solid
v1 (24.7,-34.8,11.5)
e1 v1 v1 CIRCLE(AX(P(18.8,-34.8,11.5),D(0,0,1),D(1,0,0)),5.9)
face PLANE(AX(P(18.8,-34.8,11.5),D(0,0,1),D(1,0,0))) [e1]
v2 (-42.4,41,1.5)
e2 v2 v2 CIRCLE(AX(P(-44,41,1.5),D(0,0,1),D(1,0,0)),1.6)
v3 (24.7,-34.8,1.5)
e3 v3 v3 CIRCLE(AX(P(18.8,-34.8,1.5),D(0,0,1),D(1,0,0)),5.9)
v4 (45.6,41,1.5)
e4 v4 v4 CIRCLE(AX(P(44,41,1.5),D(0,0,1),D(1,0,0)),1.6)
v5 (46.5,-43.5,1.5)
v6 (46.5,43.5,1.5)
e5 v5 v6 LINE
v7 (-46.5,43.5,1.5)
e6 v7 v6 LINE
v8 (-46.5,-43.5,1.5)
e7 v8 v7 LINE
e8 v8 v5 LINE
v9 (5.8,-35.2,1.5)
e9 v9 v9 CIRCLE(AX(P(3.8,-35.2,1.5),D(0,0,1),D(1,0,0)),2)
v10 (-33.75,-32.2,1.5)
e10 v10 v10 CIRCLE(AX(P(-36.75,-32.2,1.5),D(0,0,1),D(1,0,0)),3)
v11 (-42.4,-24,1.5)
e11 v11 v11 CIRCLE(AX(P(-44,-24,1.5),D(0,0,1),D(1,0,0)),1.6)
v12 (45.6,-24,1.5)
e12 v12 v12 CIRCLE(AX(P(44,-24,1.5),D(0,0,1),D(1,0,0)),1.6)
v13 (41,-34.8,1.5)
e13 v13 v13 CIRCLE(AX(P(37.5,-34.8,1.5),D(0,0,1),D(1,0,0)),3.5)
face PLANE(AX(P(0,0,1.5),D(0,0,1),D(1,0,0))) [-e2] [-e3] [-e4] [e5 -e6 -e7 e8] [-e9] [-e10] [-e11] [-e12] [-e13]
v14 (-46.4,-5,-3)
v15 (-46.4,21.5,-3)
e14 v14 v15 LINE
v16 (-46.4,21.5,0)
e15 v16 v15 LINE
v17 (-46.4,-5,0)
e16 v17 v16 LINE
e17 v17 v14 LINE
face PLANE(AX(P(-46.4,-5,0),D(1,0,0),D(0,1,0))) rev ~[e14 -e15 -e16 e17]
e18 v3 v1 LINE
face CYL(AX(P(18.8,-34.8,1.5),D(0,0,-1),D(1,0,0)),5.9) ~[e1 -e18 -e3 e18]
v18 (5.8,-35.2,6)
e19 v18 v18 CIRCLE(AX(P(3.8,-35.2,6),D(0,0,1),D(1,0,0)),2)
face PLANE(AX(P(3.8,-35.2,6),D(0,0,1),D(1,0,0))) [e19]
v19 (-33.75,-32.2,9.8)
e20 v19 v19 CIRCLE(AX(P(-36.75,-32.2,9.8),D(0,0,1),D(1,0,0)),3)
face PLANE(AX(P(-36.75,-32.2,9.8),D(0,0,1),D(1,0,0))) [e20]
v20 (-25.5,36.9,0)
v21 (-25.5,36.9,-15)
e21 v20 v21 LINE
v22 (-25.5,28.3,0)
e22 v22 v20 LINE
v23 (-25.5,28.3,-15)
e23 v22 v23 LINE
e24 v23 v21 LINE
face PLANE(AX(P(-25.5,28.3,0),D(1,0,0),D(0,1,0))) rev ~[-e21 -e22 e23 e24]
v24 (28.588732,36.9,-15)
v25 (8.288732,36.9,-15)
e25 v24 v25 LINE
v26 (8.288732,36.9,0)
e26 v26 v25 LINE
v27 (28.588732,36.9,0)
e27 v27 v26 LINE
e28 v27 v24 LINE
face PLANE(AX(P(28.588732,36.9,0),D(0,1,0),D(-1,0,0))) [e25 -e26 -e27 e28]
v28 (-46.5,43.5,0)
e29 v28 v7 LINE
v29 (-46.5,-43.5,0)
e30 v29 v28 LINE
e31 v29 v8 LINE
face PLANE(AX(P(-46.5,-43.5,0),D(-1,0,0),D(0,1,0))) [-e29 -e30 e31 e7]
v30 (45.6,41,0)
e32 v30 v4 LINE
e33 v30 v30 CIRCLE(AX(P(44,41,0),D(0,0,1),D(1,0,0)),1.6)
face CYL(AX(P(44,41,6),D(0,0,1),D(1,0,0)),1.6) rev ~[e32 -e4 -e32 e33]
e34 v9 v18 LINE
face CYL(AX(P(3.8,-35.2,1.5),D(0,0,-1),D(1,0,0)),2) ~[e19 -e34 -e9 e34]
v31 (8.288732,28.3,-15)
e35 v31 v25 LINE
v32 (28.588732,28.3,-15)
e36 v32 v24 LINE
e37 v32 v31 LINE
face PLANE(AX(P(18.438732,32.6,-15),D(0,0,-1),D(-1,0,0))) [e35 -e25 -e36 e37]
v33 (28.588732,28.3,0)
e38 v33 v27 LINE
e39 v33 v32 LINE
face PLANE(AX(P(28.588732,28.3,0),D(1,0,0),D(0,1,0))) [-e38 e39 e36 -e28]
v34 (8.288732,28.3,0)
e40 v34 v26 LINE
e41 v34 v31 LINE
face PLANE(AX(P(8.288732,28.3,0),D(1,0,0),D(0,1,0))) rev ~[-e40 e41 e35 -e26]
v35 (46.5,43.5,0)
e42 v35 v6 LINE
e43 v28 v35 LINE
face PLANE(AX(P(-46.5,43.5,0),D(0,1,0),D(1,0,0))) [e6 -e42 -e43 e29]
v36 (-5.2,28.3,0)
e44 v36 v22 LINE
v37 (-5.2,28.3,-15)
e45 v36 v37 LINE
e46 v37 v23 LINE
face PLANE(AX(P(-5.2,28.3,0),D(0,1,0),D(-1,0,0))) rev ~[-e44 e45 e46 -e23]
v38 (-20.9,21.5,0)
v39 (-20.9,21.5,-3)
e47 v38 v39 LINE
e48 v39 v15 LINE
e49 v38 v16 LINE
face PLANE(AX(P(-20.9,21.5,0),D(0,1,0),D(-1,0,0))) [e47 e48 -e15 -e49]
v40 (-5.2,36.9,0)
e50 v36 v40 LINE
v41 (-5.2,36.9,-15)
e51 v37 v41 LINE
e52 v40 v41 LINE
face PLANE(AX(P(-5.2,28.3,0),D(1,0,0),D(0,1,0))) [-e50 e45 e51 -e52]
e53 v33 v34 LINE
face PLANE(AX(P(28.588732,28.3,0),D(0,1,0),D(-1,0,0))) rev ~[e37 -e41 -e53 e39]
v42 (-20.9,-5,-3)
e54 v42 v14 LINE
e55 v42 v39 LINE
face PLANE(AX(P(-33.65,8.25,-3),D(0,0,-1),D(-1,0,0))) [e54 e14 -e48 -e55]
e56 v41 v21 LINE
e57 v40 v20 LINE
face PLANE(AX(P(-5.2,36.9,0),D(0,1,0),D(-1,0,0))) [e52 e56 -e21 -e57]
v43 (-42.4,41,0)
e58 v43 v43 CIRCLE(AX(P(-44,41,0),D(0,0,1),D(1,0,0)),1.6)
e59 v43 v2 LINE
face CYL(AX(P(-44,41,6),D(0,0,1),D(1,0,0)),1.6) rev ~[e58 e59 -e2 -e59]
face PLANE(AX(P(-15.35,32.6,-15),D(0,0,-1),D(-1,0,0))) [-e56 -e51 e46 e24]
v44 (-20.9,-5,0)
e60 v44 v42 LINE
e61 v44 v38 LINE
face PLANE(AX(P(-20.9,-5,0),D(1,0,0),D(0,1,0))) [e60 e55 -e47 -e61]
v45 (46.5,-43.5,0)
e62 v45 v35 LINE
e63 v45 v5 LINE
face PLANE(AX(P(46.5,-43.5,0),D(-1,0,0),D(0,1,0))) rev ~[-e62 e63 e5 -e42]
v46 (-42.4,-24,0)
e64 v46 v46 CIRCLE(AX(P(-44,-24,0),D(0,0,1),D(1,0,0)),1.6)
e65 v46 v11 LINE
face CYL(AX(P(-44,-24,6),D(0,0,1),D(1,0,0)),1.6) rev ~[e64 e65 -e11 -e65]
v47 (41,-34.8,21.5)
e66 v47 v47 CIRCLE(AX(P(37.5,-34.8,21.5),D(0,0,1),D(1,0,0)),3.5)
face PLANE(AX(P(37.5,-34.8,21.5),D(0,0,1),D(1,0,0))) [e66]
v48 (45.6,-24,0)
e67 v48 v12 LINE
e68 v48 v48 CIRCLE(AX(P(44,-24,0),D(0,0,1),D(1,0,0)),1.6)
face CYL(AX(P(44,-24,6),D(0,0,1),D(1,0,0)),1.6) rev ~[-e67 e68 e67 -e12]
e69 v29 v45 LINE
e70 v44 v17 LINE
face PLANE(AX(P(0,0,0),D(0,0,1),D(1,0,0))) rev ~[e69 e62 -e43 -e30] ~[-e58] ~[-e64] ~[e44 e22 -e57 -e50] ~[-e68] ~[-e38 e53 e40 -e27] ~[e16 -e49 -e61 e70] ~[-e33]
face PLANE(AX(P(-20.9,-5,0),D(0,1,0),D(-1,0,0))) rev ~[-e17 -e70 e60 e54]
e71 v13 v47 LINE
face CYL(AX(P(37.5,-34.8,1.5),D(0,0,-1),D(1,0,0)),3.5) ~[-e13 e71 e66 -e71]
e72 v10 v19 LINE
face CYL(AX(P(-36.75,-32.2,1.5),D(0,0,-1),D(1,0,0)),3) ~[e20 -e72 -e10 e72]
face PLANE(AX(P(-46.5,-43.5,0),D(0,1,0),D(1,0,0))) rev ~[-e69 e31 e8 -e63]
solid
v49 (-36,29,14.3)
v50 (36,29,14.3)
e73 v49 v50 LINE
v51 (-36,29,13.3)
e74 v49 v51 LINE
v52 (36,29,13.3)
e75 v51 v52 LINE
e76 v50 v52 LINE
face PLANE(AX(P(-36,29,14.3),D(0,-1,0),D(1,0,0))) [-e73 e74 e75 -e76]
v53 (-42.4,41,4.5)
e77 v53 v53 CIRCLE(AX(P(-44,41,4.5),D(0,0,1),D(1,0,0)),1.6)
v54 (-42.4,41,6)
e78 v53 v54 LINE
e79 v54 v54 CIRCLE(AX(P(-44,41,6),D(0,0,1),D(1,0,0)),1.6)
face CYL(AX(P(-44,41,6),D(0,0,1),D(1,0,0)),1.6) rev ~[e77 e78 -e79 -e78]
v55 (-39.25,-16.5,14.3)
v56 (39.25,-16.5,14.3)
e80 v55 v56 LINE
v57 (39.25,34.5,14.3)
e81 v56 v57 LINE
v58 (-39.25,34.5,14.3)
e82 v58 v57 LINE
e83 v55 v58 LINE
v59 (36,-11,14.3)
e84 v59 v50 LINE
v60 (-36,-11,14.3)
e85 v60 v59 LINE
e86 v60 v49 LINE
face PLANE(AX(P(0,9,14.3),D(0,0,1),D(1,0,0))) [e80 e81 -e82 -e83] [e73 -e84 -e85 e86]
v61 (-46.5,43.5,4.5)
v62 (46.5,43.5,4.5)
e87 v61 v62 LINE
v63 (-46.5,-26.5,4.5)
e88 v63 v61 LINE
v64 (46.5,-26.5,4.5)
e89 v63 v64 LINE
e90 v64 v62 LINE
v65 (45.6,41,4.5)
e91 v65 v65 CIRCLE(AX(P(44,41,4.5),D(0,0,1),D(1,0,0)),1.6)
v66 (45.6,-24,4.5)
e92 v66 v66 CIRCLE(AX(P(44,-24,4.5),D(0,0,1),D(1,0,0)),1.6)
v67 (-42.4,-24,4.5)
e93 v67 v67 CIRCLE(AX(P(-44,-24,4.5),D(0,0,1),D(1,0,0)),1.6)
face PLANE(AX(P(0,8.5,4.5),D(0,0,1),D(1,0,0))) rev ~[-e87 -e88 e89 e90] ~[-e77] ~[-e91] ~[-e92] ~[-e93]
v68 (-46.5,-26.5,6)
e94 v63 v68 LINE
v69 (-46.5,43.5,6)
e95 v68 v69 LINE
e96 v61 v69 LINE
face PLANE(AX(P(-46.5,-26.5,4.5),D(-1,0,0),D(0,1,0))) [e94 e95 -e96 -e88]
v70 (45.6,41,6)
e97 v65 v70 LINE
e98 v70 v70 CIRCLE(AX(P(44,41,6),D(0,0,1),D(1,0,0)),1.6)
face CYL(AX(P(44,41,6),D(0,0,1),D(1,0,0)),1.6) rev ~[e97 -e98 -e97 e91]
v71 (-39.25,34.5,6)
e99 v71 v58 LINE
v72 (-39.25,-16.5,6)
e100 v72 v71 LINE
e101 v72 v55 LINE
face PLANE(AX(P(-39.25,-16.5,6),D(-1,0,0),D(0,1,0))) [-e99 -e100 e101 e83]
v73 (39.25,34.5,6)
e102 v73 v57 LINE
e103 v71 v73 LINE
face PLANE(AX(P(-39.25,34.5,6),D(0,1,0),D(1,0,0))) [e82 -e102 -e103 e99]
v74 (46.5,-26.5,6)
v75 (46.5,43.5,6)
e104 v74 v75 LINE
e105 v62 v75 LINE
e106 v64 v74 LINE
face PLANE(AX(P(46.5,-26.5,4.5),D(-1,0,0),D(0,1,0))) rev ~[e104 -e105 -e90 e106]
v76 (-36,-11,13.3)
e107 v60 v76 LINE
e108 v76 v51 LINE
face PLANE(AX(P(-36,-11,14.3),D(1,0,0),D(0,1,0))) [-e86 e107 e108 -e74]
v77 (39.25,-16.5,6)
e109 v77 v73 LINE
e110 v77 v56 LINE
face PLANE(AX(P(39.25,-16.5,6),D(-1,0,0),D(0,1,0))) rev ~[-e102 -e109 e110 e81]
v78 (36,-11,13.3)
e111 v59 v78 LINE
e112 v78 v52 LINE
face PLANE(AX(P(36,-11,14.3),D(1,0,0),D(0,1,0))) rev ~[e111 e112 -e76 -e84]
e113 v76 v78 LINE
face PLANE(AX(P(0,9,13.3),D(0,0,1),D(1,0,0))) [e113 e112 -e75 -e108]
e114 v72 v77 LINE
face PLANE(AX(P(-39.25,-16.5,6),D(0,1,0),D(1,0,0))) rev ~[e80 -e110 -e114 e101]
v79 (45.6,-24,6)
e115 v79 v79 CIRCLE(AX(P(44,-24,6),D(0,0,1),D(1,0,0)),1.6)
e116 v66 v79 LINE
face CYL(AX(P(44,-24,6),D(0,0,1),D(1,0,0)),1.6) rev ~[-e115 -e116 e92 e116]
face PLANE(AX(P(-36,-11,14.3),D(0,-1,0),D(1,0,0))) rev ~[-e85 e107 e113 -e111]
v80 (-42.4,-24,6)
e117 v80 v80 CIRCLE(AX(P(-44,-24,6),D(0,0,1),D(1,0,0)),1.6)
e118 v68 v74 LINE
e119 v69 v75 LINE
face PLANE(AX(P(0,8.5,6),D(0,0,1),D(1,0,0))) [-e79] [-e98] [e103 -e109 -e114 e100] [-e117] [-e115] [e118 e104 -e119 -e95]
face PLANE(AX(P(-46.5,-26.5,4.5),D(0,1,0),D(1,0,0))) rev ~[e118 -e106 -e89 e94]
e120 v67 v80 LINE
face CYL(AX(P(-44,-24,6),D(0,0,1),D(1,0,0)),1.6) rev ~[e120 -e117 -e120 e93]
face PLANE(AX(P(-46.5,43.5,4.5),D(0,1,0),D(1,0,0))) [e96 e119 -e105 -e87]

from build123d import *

# Parameters (mm, degrees)
ESBO_O1_W                  = 93
ESBO_O1_H                  = 87
RESSALTO_EXTRUS_O1_DEPTH   = 1.5
RESSALTO_EXTRUS_O2_START   = 3
ESBO_O3_W                  = 93
ESBO_O3_H                  = 70
RESSALTO_EXTRUS_O2_DEPTH   = 1.5
ESBO_O4_W                  = 78.5
ESBO_O4_H                  = 51
RESSALTO_EXTRUS_O3_DEPTH   = 8.3
ESBO_O5_W                  = 72
ESBO_O5_H                  = 40
CORTE_EXTRUS_O1_DEPTH      = 1
ESBO_O6_R                  = 3.5
RESSALTO_EXTRUS_O4_DEPTH   = 20
ESBO_O7_R                  = 2
RESSALTO_EXTRUS_O5_DEPTH   = 4.5
ESBO_O8_R                  = 5.9
RESSALTO_EXTRUS_O6_DEPTH   = 10
ESBO_O9_R                  = 3
RESSALTO_EXTRUS_O7_DEPTH   = 8.3
ESBO_O10_R                 = 1.6
CORTE_EXTRUS_O2_DEPTH      = 16.5
CORTE_EXTRUS_O2_DEPTH_BACK = 7
ESBO_O11_W                 = 20.3
ESBO_O11_H                 = 8.6
RESSALTO_EXTRUS_O8_DEPTH   = 15
ESBO_O12_W                 = 25.5
ESBO_O12_H                 = 26.5
RESSALTO_EXTRUS_O9_DEPTH   = 3


with BuildPart() as part:
    # Esboço1 → Ressalto-extrusão1 (new body)
    with BuildSketch(Plane.XY):
        Rectangle(ESBO_O1_W, ESBO_O1_H)
    extrude(amount=RESSALTO_EXTRUS_O1_DEPTH)

    # Esboço6 → Ressalto-extrusão4 (add)
    with BuildSketch(Plane.XY.offset(1.5)):
        with Locations((37.5, -34.8)):
            Circle(ESBO_O6_R)
    extrude(amount=RESSALTO_EXTRUS_O4_DEPTH)

    # Esboço7 → Ressalto-extrusão5 (add)
    with BuildSketch(Plane.XY.offset(1.5)):
        with Locations((3.8, -35.2)):
            Circle(ESBO_O7_R)
    extrude(amount=RESSALTO_EXTRUS_O5_DEPTH)

    # Esboço8 → Ressalto-extrusão6 (add)
    with BuildSketch(Plane.XY.offset(1.5)):
        with Locations((18.8, -34.8)):
            Circle(ESBO_O8_R)
    extrude(amount=RESSALTO_EXTRUS_O6_DEPTH)

    # Esboço9 → Ressalto-extrusão7 (add)
    with BuildSketch(Plane.XY.offset(1.5)):
        with Locations((-36.75, -32.2)):
            Circle(ESBO_O9_R)
    extrude(amount=RESSALTO_EXTRUS_O7_DEPTH)


with BuildPart() as body_2:
    # Esboço3 → Ressalto-extrusão2 (new body)
    with BuildSketch(Plane.XY.offset(1.5).offset(RESSALTO_EXTRUS_O2_START)):
        with Locations((0, 8.5)):
            Rectangle(ESBO_O3_W, ESBO_O3_H)
    extrude(amount=RESSALTO_EXTRUS_O2_DEPTH)

    # Esboço4 → Ressalto-extrusão3 (add)
    with BuildSketch(Plane.XY.offset(6)):
        with Locations((0, 9)):
            Rectangle(ESBO_O4_W, ESBO_O4_H)
    extrude(amount=RESSALTO_EXTRUS_O3_DEPTH)

    # Esboço5 → Corte-extrusão1 (cut)
    with BuildSketch(Plane.XY.offset(14.3)):
        with Locations((0, 9)):
            Rectangle(ESBO_O5_W, ESBO_O5_H)
    extrude(amount=-CORTE_EXTRUS_O1_DEPTH, mode=Mode.SUBTRACT)


with BuildPart() as corte_extrus_o2_tool:
    # Esboço10 → Corte-extrusão2 (new body, two sides)
    with BuildSketch(Plane.XY.offset(6)) as corte_extrus_o2_sk:
        with Locations((-44, 41)):
            Circle(ESBO_O10_R)
        with Locations((44, 41)):
            Circle(ESBO_O10_R)
        with Locations((44, -24)):
            Circle(ESBO_O10_R)
        with Locations((-44, -24)):
            Circle(ESBO_O10_R)
    extrude(amount=CORTE_EXTRUS_O2_DEPTH)
    extrude(corte_extrus_o2_sk.sketch, amount=-CORTE_EXTRUS_O2_DEPTH_BACK)


with BuildPart() as part_1:
    add(part.part)

    # Corte-extrusão2: cut by corte_extrus_o2_tool
    add(corte_extrus_o2_tool.part, mode=Mode.SUBTRACT)

    # Esboço11 → Ressalto-extrusão8 (add)
    with BuildSketch(Plane(origin=(0, 0, 0), x_dir=(-1, 0, 0), z_dir=(0, 0, -1))):
        with Locations((-18.438731824, 32.6)):
            Rectangle(ESBO_O11_W, ESBO_O11_H)
        with Locations((15.35, 32.6)):
            Rectangle(ESBO_O11_W, ESBO_O11_H)
    extrude(amount=RESSALTO_EXTRUS_O8_DEPTH)

    # Esboço12 → Ressalto-extrusão9 (add)
    with BuildSketch(Plane(origin=(0, 0, 0), x_dir=(-1, 0, 0), z_dir=(0, 0, -1))):
        with Locations((33.65, 8.25)):
            Rectangle(ESBO_O12_W, ESBO_O12_H)
    extrude(amount=RESSALTO_EXTRUS_O9_DEPTH)


with BuildPart() as body_2_1:
    add(body_2.part)

    # Corte-extrusão2: cut by corte_extrus_o2_tool
    add(corte_extrus_o2_tool.part, mode=Mode.SUBTRACT)


solid = Compound([part_1.part, body_2_1.part])
